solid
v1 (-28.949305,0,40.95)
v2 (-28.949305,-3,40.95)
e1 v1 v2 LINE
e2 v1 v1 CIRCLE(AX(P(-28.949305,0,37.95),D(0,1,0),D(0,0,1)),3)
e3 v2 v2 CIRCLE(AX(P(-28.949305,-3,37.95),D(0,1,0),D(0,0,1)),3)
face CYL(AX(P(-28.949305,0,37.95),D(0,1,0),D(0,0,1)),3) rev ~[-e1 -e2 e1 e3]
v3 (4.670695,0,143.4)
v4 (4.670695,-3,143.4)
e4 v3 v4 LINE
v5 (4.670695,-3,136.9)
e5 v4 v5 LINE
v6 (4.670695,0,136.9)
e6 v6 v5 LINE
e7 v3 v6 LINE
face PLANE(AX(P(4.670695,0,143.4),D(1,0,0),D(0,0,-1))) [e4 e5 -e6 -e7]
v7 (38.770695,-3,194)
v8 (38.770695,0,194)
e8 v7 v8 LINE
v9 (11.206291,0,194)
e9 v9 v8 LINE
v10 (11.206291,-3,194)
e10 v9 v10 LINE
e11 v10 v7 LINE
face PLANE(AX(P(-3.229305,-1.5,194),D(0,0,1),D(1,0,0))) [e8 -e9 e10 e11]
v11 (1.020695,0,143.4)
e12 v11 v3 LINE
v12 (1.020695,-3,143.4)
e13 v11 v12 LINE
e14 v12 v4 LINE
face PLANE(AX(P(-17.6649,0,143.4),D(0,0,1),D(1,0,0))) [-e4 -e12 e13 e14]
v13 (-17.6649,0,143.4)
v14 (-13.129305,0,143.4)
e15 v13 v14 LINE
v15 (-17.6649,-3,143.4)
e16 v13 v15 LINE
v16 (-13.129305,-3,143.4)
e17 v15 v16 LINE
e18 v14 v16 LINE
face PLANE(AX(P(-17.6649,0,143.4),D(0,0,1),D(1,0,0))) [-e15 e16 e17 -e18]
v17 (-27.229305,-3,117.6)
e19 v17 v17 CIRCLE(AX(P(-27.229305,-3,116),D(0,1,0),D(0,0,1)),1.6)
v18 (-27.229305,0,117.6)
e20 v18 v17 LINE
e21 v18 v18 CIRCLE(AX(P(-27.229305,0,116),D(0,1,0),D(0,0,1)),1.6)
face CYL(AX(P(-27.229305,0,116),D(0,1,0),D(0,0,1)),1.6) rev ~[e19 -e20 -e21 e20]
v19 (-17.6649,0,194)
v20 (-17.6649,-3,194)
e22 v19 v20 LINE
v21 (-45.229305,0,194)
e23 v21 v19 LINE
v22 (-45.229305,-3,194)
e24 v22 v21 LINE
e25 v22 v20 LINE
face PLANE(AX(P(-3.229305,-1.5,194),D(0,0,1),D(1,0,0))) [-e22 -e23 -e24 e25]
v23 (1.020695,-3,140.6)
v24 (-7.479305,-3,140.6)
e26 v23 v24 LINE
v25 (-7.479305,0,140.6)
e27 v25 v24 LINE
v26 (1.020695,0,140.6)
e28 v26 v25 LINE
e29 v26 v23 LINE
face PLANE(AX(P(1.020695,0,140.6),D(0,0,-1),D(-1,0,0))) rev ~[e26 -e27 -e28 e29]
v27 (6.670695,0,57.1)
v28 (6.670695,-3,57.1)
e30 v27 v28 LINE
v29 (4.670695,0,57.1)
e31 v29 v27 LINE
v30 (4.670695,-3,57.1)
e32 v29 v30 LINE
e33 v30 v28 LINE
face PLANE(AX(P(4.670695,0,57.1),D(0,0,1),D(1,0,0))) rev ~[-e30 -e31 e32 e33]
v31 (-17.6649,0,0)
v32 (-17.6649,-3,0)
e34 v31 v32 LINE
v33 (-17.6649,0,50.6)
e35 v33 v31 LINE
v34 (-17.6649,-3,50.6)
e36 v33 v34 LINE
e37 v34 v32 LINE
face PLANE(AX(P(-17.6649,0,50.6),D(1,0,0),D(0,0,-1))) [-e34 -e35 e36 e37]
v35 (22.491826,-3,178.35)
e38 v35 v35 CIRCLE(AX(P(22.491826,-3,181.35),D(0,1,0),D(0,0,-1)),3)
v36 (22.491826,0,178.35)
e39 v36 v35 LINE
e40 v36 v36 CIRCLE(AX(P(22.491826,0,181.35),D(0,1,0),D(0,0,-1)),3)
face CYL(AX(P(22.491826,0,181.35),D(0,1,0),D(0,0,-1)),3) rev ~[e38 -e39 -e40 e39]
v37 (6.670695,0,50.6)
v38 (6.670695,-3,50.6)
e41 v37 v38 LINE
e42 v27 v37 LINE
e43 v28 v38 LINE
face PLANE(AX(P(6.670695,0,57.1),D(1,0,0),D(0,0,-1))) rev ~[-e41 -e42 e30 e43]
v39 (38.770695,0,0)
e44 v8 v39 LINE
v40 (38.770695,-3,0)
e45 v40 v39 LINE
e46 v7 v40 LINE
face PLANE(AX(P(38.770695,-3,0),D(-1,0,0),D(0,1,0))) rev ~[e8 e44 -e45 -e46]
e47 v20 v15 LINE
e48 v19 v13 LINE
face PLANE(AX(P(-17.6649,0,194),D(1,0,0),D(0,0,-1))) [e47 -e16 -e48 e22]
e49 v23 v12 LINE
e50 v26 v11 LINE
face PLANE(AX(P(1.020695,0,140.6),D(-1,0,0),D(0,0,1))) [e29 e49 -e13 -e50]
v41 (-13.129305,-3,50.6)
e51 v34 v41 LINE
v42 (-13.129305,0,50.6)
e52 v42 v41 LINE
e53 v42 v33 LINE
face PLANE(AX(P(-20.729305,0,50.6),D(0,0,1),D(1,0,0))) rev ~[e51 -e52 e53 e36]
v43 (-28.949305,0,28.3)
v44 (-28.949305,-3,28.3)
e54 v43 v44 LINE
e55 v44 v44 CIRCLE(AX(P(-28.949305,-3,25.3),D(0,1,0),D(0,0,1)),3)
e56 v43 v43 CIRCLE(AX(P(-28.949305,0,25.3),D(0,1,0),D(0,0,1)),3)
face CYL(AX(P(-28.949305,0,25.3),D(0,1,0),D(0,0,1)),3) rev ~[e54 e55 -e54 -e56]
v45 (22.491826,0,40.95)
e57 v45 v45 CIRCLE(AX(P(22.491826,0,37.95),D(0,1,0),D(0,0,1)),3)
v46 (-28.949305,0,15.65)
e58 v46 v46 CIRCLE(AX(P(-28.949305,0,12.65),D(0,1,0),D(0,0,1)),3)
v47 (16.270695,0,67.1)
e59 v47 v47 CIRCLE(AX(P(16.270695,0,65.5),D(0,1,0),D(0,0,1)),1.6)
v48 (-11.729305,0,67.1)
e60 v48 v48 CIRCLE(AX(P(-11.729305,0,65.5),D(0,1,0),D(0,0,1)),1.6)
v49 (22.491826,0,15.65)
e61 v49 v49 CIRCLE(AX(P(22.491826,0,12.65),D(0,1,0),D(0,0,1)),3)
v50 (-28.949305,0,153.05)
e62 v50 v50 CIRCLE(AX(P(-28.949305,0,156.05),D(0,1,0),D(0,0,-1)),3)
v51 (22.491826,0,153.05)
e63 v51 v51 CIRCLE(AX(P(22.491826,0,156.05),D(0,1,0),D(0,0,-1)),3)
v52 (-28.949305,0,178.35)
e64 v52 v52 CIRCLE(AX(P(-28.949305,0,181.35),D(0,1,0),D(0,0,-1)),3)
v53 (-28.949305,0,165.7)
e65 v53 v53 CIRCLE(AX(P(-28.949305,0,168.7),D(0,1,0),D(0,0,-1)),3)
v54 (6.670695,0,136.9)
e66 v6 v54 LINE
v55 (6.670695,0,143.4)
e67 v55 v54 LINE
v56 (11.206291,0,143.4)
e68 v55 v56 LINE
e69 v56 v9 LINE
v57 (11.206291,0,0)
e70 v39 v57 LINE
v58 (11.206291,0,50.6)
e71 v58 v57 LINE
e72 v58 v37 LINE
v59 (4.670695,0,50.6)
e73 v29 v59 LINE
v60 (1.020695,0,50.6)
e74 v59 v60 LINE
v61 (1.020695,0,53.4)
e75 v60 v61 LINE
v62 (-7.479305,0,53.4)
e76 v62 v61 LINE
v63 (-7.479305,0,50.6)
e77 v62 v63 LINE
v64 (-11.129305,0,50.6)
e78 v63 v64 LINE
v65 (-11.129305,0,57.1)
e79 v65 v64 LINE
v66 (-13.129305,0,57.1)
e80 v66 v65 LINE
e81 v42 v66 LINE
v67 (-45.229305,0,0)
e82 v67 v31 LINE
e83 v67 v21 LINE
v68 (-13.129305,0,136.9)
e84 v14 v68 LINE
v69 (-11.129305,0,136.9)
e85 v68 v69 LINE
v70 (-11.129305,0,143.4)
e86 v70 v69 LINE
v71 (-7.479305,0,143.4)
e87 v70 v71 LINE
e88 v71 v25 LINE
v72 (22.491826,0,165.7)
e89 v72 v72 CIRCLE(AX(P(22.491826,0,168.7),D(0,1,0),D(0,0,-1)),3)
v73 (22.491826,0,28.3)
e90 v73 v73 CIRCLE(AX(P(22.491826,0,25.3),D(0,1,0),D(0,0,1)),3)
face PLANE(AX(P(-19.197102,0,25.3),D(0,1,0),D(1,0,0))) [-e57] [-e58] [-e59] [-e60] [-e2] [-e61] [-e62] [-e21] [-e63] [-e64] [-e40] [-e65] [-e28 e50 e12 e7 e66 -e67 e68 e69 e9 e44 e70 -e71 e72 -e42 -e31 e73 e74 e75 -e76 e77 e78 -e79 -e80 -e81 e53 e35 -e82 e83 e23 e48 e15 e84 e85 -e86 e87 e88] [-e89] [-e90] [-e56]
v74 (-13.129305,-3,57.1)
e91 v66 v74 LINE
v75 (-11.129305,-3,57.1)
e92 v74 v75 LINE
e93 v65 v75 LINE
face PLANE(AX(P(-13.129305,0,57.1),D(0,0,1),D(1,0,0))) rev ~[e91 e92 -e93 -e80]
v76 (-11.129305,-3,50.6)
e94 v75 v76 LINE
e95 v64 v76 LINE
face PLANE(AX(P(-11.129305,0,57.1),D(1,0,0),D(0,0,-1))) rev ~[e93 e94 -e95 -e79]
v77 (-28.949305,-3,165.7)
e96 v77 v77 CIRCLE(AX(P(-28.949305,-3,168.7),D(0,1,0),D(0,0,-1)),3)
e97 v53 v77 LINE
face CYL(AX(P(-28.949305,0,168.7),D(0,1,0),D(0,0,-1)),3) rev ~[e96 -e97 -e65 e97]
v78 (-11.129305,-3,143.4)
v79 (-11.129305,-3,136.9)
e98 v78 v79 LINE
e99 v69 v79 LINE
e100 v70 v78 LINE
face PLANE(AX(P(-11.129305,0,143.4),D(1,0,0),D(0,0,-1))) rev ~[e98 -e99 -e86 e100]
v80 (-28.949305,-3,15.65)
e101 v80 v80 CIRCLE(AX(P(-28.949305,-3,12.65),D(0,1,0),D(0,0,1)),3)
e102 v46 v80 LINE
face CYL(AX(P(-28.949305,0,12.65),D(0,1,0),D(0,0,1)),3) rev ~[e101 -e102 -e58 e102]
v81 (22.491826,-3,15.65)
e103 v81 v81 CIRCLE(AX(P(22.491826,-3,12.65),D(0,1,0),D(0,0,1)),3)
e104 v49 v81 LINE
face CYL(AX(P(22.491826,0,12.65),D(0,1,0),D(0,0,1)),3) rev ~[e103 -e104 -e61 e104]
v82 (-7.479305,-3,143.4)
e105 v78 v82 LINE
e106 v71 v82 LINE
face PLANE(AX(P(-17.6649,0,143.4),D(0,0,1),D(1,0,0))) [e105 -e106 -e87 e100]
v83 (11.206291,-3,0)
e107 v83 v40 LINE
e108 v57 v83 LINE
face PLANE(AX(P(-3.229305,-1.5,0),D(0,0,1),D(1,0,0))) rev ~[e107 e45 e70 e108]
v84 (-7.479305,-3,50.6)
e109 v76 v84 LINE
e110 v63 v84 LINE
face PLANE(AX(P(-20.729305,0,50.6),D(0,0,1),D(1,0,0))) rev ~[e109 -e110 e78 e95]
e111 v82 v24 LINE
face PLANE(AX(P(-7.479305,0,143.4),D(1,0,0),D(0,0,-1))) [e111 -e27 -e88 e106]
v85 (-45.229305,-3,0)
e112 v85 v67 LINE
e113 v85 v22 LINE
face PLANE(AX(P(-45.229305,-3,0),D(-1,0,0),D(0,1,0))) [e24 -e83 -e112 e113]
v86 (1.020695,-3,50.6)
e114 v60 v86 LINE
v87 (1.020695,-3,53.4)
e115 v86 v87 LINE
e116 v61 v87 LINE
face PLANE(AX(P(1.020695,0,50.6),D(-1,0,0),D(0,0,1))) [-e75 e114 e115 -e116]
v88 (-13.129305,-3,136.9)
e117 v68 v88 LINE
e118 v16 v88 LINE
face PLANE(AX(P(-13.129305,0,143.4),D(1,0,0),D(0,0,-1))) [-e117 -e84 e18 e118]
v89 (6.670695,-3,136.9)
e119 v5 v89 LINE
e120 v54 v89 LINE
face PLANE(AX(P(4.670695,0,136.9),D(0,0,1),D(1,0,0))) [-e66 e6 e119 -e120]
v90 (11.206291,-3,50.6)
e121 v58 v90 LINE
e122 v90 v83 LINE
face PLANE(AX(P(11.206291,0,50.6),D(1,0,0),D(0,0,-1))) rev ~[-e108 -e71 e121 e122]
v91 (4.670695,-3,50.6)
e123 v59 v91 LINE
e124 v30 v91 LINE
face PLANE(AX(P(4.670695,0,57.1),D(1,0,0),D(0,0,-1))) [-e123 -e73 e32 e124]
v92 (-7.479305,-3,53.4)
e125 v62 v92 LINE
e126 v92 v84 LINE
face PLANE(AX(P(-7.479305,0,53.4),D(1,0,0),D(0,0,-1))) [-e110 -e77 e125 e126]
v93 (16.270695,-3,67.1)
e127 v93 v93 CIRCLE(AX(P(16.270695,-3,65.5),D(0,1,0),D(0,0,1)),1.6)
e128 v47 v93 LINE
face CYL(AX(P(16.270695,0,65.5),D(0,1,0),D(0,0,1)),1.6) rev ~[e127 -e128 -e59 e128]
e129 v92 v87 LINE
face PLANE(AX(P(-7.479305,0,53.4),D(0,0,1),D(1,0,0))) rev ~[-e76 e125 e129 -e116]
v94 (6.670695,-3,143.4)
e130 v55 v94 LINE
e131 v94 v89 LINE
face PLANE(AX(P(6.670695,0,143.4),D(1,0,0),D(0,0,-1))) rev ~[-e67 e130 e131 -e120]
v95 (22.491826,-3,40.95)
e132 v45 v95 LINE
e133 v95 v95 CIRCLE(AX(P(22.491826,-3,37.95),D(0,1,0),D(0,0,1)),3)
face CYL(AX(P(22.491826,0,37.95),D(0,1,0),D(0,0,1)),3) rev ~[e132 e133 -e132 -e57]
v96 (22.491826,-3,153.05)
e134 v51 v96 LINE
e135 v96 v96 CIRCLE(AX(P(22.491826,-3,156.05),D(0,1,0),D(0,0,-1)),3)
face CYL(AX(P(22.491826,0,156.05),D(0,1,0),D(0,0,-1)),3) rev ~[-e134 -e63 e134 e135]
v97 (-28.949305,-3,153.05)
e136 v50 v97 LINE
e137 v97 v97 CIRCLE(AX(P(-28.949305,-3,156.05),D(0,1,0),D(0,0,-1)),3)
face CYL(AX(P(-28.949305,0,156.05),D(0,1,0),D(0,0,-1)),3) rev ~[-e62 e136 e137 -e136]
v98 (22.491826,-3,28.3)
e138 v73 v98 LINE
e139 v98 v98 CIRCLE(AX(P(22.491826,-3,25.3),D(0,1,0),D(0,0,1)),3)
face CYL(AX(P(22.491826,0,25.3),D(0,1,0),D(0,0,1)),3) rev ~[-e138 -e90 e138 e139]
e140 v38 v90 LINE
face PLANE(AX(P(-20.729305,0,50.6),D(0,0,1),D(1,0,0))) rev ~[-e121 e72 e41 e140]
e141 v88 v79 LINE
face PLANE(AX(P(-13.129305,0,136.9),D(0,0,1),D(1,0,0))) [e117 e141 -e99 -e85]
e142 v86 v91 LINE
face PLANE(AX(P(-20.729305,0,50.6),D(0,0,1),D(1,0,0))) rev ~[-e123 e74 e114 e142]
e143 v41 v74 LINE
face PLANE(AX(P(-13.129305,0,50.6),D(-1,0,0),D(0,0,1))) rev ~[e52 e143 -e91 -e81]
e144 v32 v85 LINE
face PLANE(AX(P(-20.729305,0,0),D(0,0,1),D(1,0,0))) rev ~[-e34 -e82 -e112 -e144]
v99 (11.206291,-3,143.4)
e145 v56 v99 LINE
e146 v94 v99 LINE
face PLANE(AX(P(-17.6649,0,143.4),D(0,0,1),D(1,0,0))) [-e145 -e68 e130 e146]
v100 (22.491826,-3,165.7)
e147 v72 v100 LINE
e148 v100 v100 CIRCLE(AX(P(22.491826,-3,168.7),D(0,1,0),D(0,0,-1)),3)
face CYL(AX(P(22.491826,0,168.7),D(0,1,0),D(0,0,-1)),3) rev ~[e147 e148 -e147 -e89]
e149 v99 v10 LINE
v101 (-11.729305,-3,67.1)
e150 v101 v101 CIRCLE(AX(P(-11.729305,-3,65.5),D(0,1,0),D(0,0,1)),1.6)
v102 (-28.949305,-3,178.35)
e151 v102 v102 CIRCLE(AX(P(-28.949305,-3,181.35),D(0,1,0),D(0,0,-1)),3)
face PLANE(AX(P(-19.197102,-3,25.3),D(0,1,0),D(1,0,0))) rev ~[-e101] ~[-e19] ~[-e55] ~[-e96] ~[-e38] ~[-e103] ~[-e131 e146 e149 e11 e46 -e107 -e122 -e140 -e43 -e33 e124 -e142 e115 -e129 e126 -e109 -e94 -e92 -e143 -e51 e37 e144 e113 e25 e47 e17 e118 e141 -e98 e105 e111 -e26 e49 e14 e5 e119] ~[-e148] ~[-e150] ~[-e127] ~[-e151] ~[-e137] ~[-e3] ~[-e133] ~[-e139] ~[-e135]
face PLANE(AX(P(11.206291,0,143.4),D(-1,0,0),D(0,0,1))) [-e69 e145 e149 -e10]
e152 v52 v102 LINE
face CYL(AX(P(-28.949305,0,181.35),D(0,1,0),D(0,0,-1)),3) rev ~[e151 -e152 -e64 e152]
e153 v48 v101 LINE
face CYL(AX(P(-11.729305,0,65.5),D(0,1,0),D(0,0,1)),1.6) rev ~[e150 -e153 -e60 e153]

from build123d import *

# Parameters (mm, degrees)
ESBO_O1_W                = 84
ESBO_O1_H                = 3
RESSALTO_EXTRUS_O1_DEPTH = 194
CORTE_EXTRUS_O1_DEPTH    = 194
CORTE_EXTRUS_O5_DEPTH    = 10
CORTE_EXTRUS_O6_DEPTH    = 10
ESBO_O9_W                = 3.064404225
ESBO_O9_H                = 50.6
RESSALTO_EXTRUS_O2_DEPTH = 3
ESBO_O12_R               = 3
CORTE_EXTRUS_O8_DEPTH    = 3
ESBO_O14_R               = 3
RESSALTO_EXTRUS_O3_DEPTH = 3
ESBO_O16_R               = 3
CORTE_EXTRUS_O9_DEPTH    = 3
ESBO_O17_W               = 1
ESBO_O17_H               = 6.5
CORTE_EXTRUS_O10_DEPTH   = 10
ESBO_O18_W               = 2
ESBO_O18_H               = 6.5
CORTE_EXTRUS_O11_DEPTH   = 10
ESBO_O19_R               = 1.6
CORTE_EXTRUS_O12_DEPTH   = 10
CORTE_EXTRUS_O13_DEPTH   = 10
CORTE_EXTRUS_O14_DEPTH   = 10


with BuildPart() as part:
    # Esboço1 → Ressalto-extrusão1 (new body)
    with BuildSketch(Plane.XY):
        with Locations((-3.22930454, -1.5)):
            Rectangle(ESBO_O1_W, ESBO_O1_H)
    extrude(amount=RESSALTO_EXTRUS_O1_DEPTH)

    # Esboço2 → Corte-extrusão1 (cut)
    with BuildSketch(Plane(origin=(0, 0, 0), x_dir=(1, 0, 0), z_dir=(0, 1, 0))):
        Polygon((-3.22930454, 0), (9.27069546, 0), (9.27069546, -50.6), (-15.72930454, -50.6), (-15.72930454, 0), align=None)
        Polygon((-3.22930454, -194), (9.27069546, -194), (9.27069546, -143.4), (-15.72930454, -143.4), (-15.72930454, -194), align=None)
    extrude(amount=-CORTE_EXTRUS_O1_DEPTH, mode=Mode.SUBTRACT)

    # Esboço7 → Corte-extrusão5 (cut)
    with BuildSketch(Plane(origin=(0, 0, 0), x_dir=(1, 0, 0), z_dir=(0, 1, 0))):
        Polygon((-20.72930454, -50.6), (-3.22930454, -50.6), (14.27069546, -50.6), (14.27069546, 0), (-20.72930454, 0), align=None)
    extrude(amount=-CORTE_EXTRUS_O5_DEPTH, mode=Mode.SUBTRACT)

    # Esboço8 → Corte-extrusão6 (cut)
    with BuildSketch(Plane(origin=(0, 0, 0), x_dir=(1, 0, 0), z_dir=(0, 1, 0))):
        Polygon((14.27069546, -143.4), (-3.22930454, -143.4), (-20.72930454, -143.4), (-20.72930454, -194), (14.27069546, -194), align=None)
    extrude(amount=-CORTE_EXTRUS_O6_DEPTH, mode=Mode.SUBTRACT)

    # Esboço9 → Ressalto-extrusão2 (add)
    with BuildSketch(Plane(origin=(0, 0, 0), x_dir=(1, 0, 0), z_dir=(0, 1, 0))):
        with Locations((-19.197102427, -25.3)):
            Rectangle(ESBO_O9_W, ESBO_O9_H)
        with Locations((12.738493348, -25.3)):
            Rectangle(ESBO_O9_W, ESBO_O9_H)
    extrude(amount=-RESSALTO_EXTRUS_O2_DEPTH)

    # Esboço12 → Corte-extrusão8 (cut)
    with BuildSketch(Plane(origin=(0, 0, 0), x_dir=(1, 0, 0), z_dir=(0, 1, 0))):
        with Locations(Location((22.49182576, -37.95, 0), (0, 0, 270))):
            Circle(ESBO_O12_R)
        with Locations(Location((22.49182576, -25.3, 0), (0, 0, 270))):
            Circle(ESBO_O12_R)
        with Locations(Location((22.49182576, -12.65, 0), (0, 0, 270))):
            Circle(ESBO_O12_R)
        with Locations(Location((-28.94930454, -12.65, 0), (0, 0, 270))):
            Circle(ESBO_O12_R)
        with Locations(Location((-28.94930454, -25.3, 0), (0, 0, 270))):
            Circle(ESBO_O12_R)
        with Locations(Location((-28.94930454, -37.95, 0), (0, 0, 270))):
            Circle(ESBO_O12_R)
    extrude(amount=-CORTE_EXTRUS_O8_DEPTH, mode=Mode.SUBTRACT)

    # Esboço14 → Ressalto-extrusão3 (add)
    with BuildSketch(Plane(origin=(0, 0, 0), x_dir=(1, 0, 0), z_dir=(0, 1, 0))):
        Polygon((38.77069546, -194), (38.77069546, -97), (-45.22930454, -97), (-45.22930454, -194), (-17.664900315, -194), (-17.664900315, -143.4), (11.206291235, -143.4), (11.206291235, -194), align=None)
        with Locations((-28.94930454, -181.35)):
            Circle(ESBO_O14_R, mode=Mode.SUBTRACT)
        with Locations((-28.94930454, -168.7)):
            Circle(ESBO_O14_R, mode=Mode.SUBTRACT)
        with Locations((-28.94930454, -156.05)):
            Circle(ESBO_O14_R, mode=Mode.SUBTRACT)
        with Locations((22.49182576, -181.35)):
            Circle(ESBO_O14_R, mode=Mode.SUBTRACT)
        with Locations((22.49182576, -168.7)):
            Circle(ESBO_O14_R, mode=Mode.SUBTRACT)
        with Locations((22.49182576, -156.05)):
            Circle(ESBO_O14_R, mode=Mode.SUBTRACT)
    extrude(amount=-RESSALTO_EXTRUS_O3_DEPTH)

    # Esboço16 → Corte-extrusão9 (cut)
    with BuildSketch(Plane(origin=(0, 0, 0), x_dir=(1, 0, 0), z_dir=(0, 1, 0))):
        with Locations(Location((22.49182576, -37.95, 0), (0, 0, 270))):
            Circle(ESBO_O16_R)
        with Locations(Location((22.49182576, -25.3, 0), (0, 0, 270))):
            Circle(ESBO_O16_R)
        with Locations(Location((22.49182576, -12.65, 0), (0, 0, 270))):
            Circle(ESBO_O16_R)
        with Locations(Location((-28.94930454, -12.65, 0), (0, 0, 270))):
            Circle(ESBO_O16_R)
        with Locations(Location((-28.94930454, -25.3, 0), (0, 0, 270))):
            Circle(ESBO_O16_R)
        with Locations(Location((-28.94930454, -37.95, 0), (0, 0, 270))):
            Circle(ESBO_O16_R)
        with Locations(Location((-28.94930454, -156.05, 0), (0, 0, 90))):
            Circle(ESBO_O16_R)
        with Locations(Location((-28.94930454, -168.7, 0), (0, 0, 90))):
            Circle(ESBO_O16_R)
        with Locations(Location((-28.94930454, -181.35, 0), (0, 0, 90))):
            Circle(ESBO_O16_R)
        with Locations(Location((22.49182576, -181.35, 0), (0, 0, 90))):
            Circle(ESBO_O16_R)
        with Locations(Location((22.49182576, -168.7, 0), (0, 0, 90))):
            Circle(ESBO_O16_R)
        with Locations(Location((22.49182576, -156.05, 0), (0, 0, 90))):
            Circle(ESBO_O16_R)
    extrude(amount=-CORTE_EXTRUS_O9_DEPTH, mode=Mode.SUBTRACT)

    # Esboço17 → Corte-extrusão10 (cut)
    with BuildSketch(Plane(origin=(0, 0, 0), x_dir=(1, 0, 0), z_dir=(0, 1, 0))):
        with Locations((6.17069546, -53.85)):
            Rectangle(ESBO_O17_W, ESBO_O17_H)
        with Locations((5.17069546, -53.85)):
            Rectangle(ESBO_O17_W, ESBO_O17_H)
        Polygon((-11.12930454, -57.1), (-11.12930454, -50.6), (-12.12930454, -50.6), (-13.12930454, -50.6), (-13.12930454, -57.1), align=None)
    extrude(amount=-CORTE_EXTRUS_O10_DEPTH, mode=Mode.SUBTRACT)

    # Esboço18 → Corte-extrusão11 (cut)
    with BuildSketch(Plane(origin=(0, 0, 0), x_dir=(1, 0, 0), z_dir=(0, 1, 0))):
        with Locations((5.67069546, -140.15)):
            Rectangle(ESBO_O18_W, ESBO_O18_H)
        with Locations((-12.12930454, -140.15)):
            Rectangle(ESBO_O18_W, ESBO_O18_H)
    extrude(amount=-CORTE_EXTRUS_O11_DEPTH, mode=Mode.SUBTRACT)

    # Esboço19 → Corte-extrusão12 (cut)
    with BuildSketch(Plane(origin=(0, 0, 0), x_dir=(1, 0, 0), z_dir=(0, 1, 0))):
        with Locations(Location((-27.22930454, -116, 0), (0, 0, 270))):
            Circle(ESBO_O19_R)
        with Locations(Location((16.27069546, -65.5, 0), (0, 0, 270))):
            Circle(ESBO_O19_R)
        with Locations(Location((-11.72930454, -65.5, 0), (0, 0, 270))):
            Circle(ESBO_O19_R)
    extrude(amount=-CORTE_EXTRUS_O12_DEPTH, mode=Mode.SUBTRACT)

    # Esboço20 → Corte-extrusão13 (cut)
    with BuildSketch(Plane(origin=(0, 0, 0), x_dir=(1, 0, 0), z_dir=(0, 1, 0))):
        Polygon((-3.22930454, -140.6), (1.02069546, -140.6), (1.02069546, -143.4), (-7.47930454, -143.4), (-7.47930454, -140.6), align=None)
    extrude(amount=-CORTE_EXTRUS_O13_DEPTH, mode=Mode.SUBTRACT)

    # Esboço21 → Corte-extrusão14 (cut)
    with BuildSketch(Plane(origin=(0, 0, 0), x_dir=(1, 0, 0), z_dir=(0, 1, 0))):
        Polygon((-3.22930454, -53.4), (-7.47930454, -53.4), (-7.47930454, -50.6), (1.02069546, -50.6), (1.02069546, -53.4), align=None)
    extrude(amount=-CORTE_EXTRUS_O14_DEPTH, mode=Mode.SUBTRACT)


solid = part.part
